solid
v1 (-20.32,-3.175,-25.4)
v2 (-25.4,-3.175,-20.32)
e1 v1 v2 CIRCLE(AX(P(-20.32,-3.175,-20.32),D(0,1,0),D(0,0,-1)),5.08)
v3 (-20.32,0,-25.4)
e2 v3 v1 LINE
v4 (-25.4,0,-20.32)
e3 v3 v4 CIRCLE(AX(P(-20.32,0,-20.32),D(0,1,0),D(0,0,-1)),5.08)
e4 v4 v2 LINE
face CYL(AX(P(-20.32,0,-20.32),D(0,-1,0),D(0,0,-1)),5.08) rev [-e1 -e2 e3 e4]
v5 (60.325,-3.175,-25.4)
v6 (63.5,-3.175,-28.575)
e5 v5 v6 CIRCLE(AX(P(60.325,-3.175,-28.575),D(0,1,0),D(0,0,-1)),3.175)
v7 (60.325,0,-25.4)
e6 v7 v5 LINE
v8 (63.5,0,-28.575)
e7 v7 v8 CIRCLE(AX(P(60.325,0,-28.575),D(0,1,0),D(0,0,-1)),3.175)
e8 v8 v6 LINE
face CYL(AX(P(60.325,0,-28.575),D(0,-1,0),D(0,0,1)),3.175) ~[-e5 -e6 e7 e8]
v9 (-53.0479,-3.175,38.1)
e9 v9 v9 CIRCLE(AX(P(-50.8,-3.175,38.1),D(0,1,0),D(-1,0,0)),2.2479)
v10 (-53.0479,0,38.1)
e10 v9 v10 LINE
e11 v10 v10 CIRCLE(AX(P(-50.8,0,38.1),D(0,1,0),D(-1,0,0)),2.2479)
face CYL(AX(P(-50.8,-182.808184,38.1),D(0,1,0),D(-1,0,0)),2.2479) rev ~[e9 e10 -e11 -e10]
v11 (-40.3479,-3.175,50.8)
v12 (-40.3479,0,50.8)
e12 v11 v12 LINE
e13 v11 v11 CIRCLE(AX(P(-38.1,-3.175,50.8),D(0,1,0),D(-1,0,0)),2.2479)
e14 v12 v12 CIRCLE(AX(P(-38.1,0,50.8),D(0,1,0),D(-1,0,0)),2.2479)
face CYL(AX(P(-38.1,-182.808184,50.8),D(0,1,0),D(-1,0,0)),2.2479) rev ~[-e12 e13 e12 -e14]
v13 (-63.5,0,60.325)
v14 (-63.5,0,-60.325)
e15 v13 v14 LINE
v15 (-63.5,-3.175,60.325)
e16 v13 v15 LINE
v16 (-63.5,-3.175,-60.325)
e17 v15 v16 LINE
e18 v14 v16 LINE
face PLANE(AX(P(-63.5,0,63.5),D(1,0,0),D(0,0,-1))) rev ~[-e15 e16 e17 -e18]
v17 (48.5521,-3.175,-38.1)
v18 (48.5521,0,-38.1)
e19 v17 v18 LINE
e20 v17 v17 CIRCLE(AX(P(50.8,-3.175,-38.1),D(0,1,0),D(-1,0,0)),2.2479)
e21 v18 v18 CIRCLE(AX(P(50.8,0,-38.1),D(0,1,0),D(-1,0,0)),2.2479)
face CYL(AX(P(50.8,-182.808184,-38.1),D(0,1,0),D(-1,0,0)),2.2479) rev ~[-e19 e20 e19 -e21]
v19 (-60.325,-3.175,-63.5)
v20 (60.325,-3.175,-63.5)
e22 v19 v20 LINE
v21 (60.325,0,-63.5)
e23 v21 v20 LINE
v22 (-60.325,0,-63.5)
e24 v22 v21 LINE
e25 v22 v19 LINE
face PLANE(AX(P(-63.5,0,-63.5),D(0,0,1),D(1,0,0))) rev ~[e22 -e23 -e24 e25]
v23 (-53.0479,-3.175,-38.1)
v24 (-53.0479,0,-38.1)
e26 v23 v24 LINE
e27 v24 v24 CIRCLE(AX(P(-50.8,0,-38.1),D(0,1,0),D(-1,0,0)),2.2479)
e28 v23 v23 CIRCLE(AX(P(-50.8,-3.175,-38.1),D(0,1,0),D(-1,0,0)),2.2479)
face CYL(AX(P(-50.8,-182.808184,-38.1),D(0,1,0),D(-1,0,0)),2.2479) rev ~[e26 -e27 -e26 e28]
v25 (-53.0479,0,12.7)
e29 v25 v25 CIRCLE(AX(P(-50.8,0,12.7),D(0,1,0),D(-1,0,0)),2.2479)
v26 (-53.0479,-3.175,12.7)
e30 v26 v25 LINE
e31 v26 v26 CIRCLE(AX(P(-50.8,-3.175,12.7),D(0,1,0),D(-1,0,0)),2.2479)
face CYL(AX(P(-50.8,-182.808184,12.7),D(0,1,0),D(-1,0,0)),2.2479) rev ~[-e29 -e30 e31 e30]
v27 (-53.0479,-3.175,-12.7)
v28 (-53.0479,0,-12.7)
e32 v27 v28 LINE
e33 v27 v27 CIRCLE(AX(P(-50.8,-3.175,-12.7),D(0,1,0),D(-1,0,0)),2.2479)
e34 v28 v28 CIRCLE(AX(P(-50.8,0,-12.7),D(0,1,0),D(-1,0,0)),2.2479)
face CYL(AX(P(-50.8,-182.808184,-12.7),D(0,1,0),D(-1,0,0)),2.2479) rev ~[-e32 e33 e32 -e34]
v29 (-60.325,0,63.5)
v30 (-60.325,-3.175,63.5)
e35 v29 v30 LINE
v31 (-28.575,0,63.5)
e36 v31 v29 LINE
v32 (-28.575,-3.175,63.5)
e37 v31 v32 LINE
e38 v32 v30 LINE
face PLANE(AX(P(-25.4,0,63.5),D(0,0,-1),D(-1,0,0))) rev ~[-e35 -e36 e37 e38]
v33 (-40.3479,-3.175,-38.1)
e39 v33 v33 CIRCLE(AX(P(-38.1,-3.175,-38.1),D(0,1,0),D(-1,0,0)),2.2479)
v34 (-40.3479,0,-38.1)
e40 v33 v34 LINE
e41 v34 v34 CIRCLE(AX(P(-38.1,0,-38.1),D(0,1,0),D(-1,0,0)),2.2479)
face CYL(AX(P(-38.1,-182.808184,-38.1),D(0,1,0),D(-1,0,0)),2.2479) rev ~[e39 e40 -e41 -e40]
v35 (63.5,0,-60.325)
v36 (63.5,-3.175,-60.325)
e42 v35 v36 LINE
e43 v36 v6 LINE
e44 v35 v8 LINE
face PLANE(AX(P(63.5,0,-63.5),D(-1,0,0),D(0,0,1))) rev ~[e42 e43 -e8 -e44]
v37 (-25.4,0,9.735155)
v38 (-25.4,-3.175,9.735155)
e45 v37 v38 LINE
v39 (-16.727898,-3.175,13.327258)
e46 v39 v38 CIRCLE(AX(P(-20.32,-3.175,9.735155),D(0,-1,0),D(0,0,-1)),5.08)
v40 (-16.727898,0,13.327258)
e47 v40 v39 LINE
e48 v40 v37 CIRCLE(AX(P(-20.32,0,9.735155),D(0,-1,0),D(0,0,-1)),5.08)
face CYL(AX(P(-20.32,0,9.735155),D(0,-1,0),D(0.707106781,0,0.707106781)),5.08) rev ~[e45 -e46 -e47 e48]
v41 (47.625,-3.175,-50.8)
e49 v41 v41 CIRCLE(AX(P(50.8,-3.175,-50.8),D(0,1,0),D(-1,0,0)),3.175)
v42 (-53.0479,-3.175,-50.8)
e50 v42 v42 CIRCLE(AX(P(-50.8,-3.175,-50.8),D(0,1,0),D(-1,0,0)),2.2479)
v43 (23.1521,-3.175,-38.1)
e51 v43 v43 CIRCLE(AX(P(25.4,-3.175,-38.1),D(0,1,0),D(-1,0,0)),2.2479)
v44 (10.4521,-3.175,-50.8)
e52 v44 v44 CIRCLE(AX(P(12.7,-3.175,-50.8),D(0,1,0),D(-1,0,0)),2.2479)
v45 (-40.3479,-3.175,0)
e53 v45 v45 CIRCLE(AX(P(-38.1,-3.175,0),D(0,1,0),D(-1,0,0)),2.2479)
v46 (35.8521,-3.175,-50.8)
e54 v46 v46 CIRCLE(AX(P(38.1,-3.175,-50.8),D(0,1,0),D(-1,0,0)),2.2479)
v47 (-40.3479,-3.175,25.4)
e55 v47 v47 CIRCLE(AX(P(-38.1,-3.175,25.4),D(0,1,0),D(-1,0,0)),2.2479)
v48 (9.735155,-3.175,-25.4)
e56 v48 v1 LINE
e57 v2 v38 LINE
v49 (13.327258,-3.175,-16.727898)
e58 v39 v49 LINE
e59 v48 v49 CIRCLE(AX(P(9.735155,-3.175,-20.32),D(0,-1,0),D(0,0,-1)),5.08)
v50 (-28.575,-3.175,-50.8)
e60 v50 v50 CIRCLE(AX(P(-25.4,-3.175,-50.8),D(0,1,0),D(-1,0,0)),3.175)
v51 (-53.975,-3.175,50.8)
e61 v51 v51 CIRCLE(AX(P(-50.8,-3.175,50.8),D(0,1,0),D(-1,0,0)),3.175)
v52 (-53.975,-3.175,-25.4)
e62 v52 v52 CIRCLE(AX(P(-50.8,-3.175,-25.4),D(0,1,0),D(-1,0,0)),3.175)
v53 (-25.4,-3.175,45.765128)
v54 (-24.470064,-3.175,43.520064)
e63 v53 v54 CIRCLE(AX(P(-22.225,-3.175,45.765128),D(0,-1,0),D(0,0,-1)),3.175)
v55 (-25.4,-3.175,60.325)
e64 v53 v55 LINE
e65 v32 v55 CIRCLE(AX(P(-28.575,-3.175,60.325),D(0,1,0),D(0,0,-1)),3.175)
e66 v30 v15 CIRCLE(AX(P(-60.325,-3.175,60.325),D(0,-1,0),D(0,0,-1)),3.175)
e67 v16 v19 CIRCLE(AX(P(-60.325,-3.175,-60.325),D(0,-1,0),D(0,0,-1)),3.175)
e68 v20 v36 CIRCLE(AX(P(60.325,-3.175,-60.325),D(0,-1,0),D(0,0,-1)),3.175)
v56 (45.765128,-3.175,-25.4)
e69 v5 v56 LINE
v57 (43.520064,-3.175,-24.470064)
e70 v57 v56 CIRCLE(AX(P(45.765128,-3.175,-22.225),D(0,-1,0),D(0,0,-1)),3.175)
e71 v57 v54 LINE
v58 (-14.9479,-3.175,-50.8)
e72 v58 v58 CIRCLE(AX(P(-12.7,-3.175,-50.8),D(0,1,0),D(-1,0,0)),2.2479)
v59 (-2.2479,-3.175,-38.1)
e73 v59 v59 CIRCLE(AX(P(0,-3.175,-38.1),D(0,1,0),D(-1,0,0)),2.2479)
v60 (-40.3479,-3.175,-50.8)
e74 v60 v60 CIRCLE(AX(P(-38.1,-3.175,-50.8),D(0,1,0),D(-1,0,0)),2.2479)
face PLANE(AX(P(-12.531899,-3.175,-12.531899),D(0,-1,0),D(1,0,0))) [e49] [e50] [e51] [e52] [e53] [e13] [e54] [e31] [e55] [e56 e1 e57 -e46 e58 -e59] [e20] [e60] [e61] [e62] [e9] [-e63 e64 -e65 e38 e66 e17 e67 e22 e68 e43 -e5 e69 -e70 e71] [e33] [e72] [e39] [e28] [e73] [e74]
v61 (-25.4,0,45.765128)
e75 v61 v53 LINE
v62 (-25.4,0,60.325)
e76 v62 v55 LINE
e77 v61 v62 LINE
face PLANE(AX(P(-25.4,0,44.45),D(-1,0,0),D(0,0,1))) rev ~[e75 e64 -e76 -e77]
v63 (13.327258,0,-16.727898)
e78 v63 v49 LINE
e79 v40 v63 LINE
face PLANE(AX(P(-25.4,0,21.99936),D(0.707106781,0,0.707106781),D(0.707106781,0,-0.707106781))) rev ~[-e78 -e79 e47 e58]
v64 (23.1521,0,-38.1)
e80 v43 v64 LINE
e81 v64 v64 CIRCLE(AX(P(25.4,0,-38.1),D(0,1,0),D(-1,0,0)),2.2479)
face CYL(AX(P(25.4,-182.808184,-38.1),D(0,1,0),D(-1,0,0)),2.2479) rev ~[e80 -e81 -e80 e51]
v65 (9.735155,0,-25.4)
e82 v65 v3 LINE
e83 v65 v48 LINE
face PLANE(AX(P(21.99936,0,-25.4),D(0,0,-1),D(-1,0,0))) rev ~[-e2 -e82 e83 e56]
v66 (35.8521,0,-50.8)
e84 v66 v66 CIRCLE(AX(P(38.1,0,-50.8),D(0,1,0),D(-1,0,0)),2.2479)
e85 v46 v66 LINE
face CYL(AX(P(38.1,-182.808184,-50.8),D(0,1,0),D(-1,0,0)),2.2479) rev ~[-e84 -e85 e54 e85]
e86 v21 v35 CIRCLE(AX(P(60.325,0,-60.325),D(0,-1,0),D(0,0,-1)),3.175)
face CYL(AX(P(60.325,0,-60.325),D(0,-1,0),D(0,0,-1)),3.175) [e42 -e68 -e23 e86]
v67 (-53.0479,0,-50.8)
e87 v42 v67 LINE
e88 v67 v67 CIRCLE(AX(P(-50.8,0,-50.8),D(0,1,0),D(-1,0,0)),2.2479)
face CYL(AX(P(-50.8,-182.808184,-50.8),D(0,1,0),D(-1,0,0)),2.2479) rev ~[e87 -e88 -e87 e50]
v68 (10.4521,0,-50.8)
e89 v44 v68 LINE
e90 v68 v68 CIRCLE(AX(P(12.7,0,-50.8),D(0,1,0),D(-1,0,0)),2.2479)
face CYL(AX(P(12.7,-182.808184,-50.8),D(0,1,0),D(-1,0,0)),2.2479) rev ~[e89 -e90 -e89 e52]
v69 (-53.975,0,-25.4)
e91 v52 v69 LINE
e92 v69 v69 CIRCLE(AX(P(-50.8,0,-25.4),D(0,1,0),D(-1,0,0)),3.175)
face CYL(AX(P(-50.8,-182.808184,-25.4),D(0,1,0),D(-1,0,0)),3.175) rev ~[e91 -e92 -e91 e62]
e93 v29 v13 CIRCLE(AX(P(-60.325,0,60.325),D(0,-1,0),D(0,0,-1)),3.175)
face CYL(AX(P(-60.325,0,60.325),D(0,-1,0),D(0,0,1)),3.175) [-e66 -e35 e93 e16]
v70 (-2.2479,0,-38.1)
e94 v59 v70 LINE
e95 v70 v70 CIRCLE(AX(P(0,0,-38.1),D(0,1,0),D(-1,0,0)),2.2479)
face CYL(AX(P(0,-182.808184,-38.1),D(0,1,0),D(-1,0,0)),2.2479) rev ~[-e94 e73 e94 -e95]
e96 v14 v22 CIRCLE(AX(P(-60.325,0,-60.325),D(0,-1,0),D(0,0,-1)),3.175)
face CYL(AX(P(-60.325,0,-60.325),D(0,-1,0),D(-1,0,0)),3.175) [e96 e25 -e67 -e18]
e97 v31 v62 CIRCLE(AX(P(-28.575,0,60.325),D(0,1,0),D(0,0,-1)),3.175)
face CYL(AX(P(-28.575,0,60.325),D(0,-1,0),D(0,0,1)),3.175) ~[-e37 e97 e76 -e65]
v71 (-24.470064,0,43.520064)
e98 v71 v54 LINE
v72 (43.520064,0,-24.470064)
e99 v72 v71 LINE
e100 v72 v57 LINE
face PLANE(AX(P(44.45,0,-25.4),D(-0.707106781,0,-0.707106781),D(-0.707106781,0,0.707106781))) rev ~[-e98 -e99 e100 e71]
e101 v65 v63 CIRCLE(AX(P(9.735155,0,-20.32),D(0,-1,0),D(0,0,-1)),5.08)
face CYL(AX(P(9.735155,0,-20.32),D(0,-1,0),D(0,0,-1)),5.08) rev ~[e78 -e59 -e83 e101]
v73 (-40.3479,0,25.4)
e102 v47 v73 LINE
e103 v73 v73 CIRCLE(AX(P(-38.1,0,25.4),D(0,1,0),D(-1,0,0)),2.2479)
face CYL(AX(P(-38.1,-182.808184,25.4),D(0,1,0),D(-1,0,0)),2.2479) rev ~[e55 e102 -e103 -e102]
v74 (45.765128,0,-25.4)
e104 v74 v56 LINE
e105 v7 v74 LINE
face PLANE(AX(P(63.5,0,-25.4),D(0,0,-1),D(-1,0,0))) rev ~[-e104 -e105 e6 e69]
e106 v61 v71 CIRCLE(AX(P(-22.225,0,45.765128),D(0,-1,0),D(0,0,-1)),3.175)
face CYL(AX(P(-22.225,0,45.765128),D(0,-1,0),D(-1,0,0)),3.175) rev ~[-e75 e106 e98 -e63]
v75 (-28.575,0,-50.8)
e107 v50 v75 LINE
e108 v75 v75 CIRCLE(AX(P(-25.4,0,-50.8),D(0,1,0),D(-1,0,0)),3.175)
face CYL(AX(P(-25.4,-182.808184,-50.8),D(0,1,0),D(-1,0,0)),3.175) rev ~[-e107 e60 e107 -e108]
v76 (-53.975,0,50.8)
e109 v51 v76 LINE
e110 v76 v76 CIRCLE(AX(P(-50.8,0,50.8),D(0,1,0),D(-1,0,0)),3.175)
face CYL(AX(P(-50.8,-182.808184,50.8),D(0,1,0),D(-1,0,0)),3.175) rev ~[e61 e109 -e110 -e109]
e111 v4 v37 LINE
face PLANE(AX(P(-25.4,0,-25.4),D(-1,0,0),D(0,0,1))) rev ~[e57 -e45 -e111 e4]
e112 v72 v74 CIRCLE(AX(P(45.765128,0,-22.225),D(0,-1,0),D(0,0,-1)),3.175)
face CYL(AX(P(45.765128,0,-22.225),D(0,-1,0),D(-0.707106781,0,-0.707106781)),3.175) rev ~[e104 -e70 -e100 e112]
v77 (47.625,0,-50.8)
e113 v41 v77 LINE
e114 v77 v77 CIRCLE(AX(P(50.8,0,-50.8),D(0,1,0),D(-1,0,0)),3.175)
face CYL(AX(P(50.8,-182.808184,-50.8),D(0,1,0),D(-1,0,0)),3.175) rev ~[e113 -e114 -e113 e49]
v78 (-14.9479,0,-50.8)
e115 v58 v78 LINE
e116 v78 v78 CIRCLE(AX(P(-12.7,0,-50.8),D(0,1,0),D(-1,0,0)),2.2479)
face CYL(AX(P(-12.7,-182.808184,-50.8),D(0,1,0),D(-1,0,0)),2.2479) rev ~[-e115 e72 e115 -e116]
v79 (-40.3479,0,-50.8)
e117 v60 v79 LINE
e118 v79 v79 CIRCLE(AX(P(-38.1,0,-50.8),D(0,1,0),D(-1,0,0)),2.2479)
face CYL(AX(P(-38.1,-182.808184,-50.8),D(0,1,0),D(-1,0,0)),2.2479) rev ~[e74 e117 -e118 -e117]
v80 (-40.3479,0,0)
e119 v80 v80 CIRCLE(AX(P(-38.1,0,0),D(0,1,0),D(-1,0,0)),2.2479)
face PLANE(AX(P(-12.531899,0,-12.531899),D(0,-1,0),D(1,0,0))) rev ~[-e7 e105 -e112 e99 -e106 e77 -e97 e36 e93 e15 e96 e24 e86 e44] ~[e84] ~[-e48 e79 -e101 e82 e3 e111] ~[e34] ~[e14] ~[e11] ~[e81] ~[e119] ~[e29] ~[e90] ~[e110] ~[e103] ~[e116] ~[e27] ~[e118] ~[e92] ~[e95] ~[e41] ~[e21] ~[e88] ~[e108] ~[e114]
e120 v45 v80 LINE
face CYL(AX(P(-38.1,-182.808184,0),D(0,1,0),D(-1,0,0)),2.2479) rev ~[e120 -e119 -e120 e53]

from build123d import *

# Parameters (mm, degrees)
F1_DEPTH = 3.175
F2_R     = 3.175
F3_R     = 5.08
F5_D     = 6.35
F6_D     = 4.4958


with BuildPart() as f1:
    # F0 (on Front) → F1 (new body)
    with BuildSketch(Plane.XZ):
        Polygon((-25.4, 63.5), (-63.5, 63.5), (-63.5, -63.5), (63.5, -63.5), (63.5, -25.4), (44.45, -25.4), (-25.4, 44.45), align=None)
        Polygon((-25.4, -25.4), (-25.4, 21.99936), (21.99936, -25.4), align=None, mode=Mode.SUBTRACT)
    extrude(amount=F1_DEPTH)

    # F2
    f2_edges = [f1.edges().sort_by_distance(p)[0] for p in [
        (-25.4, -1.5875, 63.5),
        (-25.4, -1.5875, 44.45),
        (44.45, -1.5875, -25.4),
        (63.5, -1.5875, -25.4),
        (63.5, -1.5875, -63.5),
        (-63.5, -1.5875, -63.5),
        (-63.5, -1.5875, 63.5),
    ]]
    fillet(f2_edges, radius=F2_R)

    # F3
    f3_edges = [f1.edges().sort_by_distance(p)[0] for p in [
        (21.99936, -1.5875, -25.4),
        (-25.4, -1.5875, -25.4),
        (-25.4, -1.5875, 21.99936),
    ]]
    fillet(f3_edges, radius=F3_R)

    # F5 (through all)
    with Locations(Plane.XZ.offset(3.175)):
        with Locations((-50.8, 50.8), (-50.8, -25.4), (50.8, -50.8), (-25.4, -50.8)):
            Hole(F5_D / 2)

    # F6 (through all)
    with Locations(Plane.XZ.offset(3.175)):
        with Locations((-50.8, 38.1), (-38.1, 50.8), (-38.1, 25.4), (-50.8, 12.7), (-38.1, 0), (-50.8, -12.7), (-38.1, -38.1), (-50.8, -38.1), (-50.8, -50.8), (-38.1, -50.8), (-12.7, -50.8), (0, -38.1), (12.7, -50.8), (25.4, -38.1), (38.1, -50.8), (50.8, -38.1)):
            Hole(F6_D / 2)


solid = f1.part
